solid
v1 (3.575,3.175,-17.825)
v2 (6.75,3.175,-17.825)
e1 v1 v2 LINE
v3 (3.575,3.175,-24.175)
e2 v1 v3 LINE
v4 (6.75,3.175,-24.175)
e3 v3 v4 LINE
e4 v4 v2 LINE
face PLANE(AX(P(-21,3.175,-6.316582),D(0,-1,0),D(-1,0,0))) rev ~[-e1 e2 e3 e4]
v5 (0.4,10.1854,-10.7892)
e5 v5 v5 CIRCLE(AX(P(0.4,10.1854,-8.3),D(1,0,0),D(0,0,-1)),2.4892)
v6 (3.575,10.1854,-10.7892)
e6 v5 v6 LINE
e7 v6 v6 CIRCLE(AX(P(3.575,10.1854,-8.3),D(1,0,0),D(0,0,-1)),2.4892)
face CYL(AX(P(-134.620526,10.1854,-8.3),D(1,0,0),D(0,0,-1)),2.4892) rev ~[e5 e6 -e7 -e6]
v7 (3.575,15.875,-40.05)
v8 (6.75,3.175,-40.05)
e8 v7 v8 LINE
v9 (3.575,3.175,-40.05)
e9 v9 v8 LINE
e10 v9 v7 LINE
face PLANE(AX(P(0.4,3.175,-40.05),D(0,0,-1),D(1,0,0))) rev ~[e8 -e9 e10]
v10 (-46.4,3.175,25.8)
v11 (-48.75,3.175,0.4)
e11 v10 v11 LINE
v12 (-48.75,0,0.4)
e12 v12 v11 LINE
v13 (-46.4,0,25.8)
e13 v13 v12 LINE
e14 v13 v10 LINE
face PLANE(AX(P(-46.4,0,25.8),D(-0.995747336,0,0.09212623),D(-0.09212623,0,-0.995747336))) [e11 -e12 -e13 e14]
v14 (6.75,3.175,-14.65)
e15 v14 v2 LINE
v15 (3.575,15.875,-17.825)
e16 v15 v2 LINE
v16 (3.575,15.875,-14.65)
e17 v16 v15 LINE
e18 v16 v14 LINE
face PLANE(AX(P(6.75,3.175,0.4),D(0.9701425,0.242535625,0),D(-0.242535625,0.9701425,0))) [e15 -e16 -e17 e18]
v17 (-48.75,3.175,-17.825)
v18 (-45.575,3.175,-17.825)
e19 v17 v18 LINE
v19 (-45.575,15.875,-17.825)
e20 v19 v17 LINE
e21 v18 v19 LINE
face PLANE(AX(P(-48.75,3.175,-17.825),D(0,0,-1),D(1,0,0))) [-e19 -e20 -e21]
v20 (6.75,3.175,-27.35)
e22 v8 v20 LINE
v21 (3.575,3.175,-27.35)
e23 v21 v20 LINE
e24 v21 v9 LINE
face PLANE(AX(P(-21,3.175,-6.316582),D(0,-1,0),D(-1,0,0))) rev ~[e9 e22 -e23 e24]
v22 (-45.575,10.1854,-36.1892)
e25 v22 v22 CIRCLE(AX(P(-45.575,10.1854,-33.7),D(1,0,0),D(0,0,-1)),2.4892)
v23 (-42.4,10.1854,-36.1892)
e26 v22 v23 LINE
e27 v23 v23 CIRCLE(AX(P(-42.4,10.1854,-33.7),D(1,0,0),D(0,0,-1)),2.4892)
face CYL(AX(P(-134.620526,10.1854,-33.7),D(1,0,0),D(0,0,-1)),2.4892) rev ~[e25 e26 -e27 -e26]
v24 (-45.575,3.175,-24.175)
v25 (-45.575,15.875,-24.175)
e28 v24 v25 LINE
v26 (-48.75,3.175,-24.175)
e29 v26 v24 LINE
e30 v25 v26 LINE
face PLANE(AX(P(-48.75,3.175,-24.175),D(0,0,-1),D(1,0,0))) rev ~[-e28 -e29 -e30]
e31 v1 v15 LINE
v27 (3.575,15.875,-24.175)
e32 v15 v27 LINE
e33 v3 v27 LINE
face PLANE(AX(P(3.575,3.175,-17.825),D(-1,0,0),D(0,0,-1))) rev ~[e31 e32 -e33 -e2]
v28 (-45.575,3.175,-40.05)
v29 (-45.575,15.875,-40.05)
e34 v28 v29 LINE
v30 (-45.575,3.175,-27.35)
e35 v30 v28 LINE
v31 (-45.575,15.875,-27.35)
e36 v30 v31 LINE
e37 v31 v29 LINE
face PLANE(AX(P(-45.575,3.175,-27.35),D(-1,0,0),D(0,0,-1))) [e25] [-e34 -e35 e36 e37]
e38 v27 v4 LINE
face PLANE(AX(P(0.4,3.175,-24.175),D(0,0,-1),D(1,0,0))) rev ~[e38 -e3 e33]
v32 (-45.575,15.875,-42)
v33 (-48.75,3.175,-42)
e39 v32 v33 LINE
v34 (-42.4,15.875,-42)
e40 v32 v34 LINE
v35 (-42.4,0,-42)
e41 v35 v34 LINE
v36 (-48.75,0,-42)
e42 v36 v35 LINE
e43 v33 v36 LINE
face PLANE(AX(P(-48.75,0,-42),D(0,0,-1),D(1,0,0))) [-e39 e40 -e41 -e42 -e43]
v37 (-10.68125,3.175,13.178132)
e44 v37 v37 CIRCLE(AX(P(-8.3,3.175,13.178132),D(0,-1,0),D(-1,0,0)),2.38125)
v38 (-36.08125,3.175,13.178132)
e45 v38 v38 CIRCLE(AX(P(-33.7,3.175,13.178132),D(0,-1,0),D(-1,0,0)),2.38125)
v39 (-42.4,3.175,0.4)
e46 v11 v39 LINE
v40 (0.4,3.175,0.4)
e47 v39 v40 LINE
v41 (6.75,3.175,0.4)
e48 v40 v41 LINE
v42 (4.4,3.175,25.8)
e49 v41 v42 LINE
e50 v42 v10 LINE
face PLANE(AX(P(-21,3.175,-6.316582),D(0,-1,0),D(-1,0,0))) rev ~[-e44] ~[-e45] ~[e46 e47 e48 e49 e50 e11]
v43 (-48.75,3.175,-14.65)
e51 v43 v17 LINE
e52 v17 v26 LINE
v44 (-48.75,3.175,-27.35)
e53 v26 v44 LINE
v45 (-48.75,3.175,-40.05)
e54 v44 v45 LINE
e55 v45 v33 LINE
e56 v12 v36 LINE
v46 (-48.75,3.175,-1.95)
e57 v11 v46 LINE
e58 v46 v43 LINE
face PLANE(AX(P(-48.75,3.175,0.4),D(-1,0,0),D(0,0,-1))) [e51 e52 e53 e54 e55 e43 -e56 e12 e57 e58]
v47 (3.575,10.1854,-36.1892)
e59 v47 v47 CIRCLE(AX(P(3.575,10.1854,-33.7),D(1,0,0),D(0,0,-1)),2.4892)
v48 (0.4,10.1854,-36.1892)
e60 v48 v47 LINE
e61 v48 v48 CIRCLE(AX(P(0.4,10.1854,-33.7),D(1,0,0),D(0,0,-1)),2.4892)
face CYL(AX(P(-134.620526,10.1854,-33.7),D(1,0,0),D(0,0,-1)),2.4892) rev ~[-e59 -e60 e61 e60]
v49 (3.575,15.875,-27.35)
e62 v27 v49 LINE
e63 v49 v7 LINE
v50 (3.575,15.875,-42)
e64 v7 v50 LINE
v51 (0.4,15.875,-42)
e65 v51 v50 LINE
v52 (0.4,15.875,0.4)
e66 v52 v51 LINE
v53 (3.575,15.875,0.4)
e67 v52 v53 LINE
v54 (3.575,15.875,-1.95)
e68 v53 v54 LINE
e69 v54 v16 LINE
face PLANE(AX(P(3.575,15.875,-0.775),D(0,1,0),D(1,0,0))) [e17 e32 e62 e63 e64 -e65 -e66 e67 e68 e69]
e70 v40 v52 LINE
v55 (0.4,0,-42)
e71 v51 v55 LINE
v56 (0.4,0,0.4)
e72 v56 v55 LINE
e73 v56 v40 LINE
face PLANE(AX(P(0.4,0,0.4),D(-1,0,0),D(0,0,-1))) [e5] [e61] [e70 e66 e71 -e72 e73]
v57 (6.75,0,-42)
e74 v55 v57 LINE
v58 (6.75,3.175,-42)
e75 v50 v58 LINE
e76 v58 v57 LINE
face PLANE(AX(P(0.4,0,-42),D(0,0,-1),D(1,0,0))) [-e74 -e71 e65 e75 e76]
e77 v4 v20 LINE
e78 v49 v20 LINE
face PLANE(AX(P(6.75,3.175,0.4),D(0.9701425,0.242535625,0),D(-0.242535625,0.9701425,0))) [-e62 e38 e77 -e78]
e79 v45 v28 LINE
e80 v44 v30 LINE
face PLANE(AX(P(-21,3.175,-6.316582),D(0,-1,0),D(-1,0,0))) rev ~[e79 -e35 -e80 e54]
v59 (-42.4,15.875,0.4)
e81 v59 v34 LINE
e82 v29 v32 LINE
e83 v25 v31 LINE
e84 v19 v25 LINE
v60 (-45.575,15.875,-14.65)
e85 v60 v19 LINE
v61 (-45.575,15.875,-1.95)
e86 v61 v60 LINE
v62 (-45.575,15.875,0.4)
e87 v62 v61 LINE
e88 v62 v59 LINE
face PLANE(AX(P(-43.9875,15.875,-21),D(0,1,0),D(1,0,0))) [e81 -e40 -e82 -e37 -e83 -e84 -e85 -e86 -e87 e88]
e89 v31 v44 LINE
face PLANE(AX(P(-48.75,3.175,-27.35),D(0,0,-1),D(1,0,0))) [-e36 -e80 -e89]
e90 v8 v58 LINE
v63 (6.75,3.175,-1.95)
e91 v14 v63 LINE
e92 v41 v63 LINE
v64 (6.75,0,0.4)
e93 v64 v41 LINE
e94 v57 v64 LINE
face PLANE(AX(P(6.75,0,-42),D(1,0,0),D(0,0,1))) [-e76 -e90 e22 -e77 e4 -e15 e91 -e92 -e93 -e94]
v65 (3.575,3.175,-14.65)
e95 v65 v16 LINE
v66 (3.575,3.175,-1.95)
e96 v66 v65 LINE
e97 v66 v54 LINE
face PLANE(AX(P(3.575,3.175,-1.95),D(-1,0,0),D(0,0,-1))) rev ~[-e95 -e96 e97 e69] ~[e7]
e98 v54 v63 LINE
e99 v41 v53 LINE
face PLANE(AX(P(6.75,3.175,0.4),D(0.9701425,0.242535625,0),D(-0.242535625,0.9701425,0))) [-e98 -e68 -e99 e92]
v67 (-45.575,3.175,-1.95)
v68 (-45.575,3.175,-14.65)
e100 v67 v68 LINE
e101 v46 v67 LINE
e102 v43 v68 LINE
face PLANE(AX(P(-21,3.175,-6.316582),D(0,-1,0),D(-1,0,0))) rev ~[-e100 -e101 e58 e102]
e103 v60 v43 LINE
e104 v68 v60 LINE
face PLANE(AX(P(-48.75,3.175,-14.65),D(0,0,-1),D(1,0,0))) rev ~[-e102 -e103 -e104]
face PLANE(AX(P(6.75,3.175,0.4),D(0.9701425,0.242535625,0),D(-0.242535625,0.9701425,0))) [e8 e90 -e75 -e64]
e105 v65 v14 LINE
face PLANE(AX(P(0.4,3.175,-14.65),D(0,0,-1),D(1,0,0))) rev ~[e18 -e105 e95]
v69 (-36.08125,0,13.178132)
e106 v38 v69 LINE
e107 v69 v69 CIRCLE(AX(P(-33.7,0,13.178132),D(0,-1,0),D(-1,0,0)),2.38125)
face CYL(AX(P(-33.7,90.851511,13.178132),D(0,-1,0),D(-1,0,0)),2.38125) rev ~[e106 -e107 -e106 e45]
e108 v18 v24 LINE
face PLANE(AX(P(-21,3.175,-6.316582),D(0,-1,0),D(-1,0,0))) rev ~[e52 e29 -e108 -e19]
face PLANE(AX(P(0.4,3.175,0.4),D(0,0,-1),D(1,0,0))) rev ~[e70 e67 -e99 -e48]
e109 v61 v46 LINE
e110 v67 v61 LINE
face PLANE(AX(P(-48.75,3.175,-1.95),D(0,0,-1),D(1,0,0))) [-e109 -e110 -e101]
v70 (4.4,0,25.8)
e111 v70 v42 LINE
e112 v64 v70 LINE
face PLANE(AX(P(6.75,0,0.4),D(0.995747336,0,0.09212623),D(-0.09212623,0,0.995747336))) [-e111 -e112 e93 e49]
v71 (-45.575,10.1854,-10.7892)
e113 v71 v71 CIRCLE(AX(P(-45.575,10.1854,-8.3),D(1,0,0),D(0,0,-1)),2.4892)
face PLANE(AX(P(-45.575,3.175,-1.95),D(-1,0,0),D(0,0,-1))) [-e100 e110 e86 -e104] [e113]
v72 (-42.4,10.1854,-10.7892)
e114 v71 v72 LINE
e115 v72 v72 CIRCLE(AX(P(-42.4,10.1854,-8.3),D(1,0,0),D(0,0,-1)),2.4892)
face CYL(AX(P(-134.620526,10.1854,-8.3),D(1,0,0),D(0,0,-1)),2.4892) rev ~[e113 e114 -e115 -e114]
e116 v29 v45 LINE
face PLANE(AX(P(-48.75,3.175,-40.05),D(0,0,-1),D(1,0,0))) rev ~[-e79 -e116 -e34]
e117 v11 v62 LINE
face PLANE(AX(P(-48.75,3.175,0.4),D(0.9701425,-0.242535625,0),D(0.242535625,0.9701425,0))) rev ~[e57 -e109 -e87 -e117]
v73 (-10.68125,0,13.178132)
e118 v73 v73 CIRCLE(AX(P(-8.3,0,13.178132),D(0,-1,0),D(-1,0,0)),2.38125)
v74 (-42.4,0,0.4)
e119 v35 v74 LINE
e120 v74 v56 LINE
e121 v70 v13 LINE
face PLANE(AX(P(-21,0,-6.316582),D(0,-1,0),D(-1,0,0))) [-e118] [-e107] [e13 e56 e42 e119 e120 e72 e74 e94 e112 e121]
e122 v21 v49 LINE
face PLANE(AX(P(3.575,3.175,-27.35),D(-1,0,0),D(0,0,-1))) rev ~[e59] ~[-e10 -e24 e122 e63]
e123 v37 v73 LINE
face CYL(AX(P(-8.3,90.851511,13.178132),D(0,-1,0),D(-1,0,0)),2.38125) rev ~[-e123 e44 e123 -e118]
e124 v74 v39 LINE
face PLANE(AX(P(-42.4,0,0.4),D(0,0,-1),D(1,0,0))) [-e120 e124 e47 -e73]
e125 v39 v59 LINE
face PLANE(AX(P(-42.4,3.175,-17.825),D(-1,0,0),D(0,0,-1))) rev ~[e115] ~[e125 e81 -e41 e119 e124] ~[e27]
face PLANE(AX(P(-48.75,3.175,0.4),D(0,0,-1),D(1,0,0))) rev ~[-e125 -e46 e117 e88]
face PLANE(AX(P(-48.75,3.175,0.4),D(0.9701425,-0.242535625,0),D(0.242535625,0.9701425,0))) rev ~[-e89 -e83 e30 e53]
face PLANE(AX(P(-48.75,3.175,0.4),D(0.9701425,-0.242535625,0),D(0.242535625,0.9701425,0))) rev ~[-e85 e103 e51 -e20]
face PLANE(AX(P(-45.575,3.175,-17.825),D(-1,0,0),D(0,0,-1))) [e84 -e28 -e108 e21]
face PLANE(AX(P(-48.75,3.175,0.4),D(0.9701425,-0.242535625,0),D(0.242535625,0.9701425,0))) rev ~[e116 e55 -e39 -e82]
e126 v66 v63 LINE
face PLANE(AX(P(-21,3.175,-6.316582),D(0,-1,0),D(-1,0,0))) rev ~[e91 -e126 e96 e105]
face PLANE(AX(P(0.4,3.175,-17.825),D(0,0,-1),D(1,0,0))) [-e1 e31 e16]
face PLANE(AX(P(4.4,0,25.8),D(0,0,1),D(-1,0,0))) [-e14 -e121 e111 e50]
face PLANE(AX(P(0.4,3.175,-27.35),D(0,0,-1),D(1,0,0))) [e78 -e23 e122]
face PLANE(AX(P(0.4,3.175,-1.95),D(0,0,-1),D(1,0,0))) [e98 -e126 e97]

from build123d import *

# Parameters (mm, degrees)
BOSS_EXTRUDE1_DEPTH            = 3.175
F_3_16_0_1875_DIAMETER_HOLE1_D = 4.7625
SKETCH6_W                      = 3.175
SKETCH6_H                      = 12.7
BOSS_EXTRUDE2_DEPTH            = 12.7
F_9_0_196_DIAMETER_HOLE1_D     = 4.9784
SKETCH9_W                      = 6.35
SKETCH9_H                      = 2.35
SKETCH9_H_2                    = 3.175
SKETCH9_H_3                    = 1.95
BOSS_EXTRUDE3_DEPTH            = 12.7
CUT_EXTRUDE1_DEPTH             = 67.530730681
SKETCH11_W                     = 3.175
SKETCH11_H                     = 6.35
BOSS_EXTRUDE4_DEPTH            = 12.7


with BuildPart() as part:
    # Sketch1 → Boss-Extrude1 (new body)
    with BuildSketch(Plane(origin=(0, 0, 0), x_dir=(1, 0, 0), z_dir=(0, 1, 0))):
        Polygon((0.4, -0.4), (0.4, 42), (6.75, 42), (6.75, -0.4), (4.4, -25.8), (-46.4, -25.8), (-48.75, -0.4), (-48.75, 42), (-42.4, 42), (-42.4, -0.4), align=None)
    extrude(amount=BOSS_EXTRUDE1_DEPTH)

    # 3/16 (0.1875) Diameter Hole1 (through all)
    with Locations(Plane(origin=(0, 3.175, 0), x_dir=(1, 0, 0), z_dir=(0, 1, 0))):
        with Locations((-33.7, -13.178131577), (-8.3, -13.178131577)):
            Hole(F_3_16_0_1875_DIAMETER_HOLE1_D / 2)

    # Sketch6 → Boss-Extrude2 (add)
    with BuildSketch(Plane(origin=(0, 3.175, 0), x_dir=(1, 0, 0), z_dir=(0, 1, 0))):
        with Locations((-43.9875, 8.3)):
            Rectangle(SKETCH6_W, SKETCH6_H)
        with Locations((-43.9875, 33.7)):
            Rectangle(SKETCH6_W, SKETCH6_H)
        with Locations((1.9875, 8.3)):
            Rectangle(SKETCH6_W, SKETCH6_H)
        with Locations((1.9875, 33.7)):
            Rectangle(SKETCH6_W, SKETCH6_H)
    extrude(amount=BOSS_EXTRUDE2_DEPTH)

    # #9 (0.196) Diameter Hole1 (through all)
    with Locations(Plane.ZY.offset(45.575)):
        with Locations((-8.3, 10.1854), (-33.7, 10.1854)):
            Hole(F_9_0_196_DIAMETER_HOLE1_D / 2)

    # Sketch9 → Boss-Extrude3 (add)
    with BuildSketch(Plane(origin=(0, 3.175, 0), x_dir=(1, 0, 0), z_dir=(0, 1, 0))):
        with Locations((-45.575, 0.775)):
            Rectangle(SKETCH9_W, SKETCH9_H)
        with Locations((3.575, 0.775)):
            Rectangle(SKETCH9_W, SKETCH9_H)
        with Locations((3.575, 16.2375)):
            Rectangle(SKETCH9_W, SKETCH9_H_2)
        with Locations((-45.575, 16.2375)):
            Rectangle(SKETCH9_W, SKETCH9_H_2)
        with Locations((3.575, 25.7625)):
            Rectangle(SKETCH9_W, SKETCH9_H_2)
        with Locations((3.575, 41.025)):
            Rectangle(SKETCH9_W, SKETCH9_H_3)
        with Locations((-45.575, 41.025)):
            Rectangle(SKETCH9_W, SKETCH9_H_3)
        with Locations((-45.575, 25.7625)):
            Rectangle(SKETCH9_W, SKETCH9_H_2)
    extrude(amount=BOSS_EXTRUDE3_DEPTH)

    # Sketch10 → Cut-Extrude1 (cut, through all)
    with BuildSketch(Plane.XY.offset(0.4)):
        Polygon((-48.75, 3.175), (-45.575, 15.875), (-48.75, 15.875), align=None)
        Polygon((6.75, 3.175), (3.575, 15.875), (6.75, 15.875), align=None)
    extrude(amount=-CUT_EXTRUDE1_DEPTH, mode=Mode.SUBTRACT)

    # Sketch11 → Boss-Extrude4 (add)
    with BuildSketch(Plane(origin=(0, 3.175, 0), x_dir=(1, 0, 0), z_dir=(0, 1, 0))):
        with Locations((-43.9875, 21)):
            Rectangle(SKETCH11_W, SKETCH11_H)
        with Locations((1.9875, 21)):
            Rectangle(SKETCH11_W, SKETCH11_H)
    extrude(amount=BOSS_EXTRUDE4_DEPTH)


solid = part.part
